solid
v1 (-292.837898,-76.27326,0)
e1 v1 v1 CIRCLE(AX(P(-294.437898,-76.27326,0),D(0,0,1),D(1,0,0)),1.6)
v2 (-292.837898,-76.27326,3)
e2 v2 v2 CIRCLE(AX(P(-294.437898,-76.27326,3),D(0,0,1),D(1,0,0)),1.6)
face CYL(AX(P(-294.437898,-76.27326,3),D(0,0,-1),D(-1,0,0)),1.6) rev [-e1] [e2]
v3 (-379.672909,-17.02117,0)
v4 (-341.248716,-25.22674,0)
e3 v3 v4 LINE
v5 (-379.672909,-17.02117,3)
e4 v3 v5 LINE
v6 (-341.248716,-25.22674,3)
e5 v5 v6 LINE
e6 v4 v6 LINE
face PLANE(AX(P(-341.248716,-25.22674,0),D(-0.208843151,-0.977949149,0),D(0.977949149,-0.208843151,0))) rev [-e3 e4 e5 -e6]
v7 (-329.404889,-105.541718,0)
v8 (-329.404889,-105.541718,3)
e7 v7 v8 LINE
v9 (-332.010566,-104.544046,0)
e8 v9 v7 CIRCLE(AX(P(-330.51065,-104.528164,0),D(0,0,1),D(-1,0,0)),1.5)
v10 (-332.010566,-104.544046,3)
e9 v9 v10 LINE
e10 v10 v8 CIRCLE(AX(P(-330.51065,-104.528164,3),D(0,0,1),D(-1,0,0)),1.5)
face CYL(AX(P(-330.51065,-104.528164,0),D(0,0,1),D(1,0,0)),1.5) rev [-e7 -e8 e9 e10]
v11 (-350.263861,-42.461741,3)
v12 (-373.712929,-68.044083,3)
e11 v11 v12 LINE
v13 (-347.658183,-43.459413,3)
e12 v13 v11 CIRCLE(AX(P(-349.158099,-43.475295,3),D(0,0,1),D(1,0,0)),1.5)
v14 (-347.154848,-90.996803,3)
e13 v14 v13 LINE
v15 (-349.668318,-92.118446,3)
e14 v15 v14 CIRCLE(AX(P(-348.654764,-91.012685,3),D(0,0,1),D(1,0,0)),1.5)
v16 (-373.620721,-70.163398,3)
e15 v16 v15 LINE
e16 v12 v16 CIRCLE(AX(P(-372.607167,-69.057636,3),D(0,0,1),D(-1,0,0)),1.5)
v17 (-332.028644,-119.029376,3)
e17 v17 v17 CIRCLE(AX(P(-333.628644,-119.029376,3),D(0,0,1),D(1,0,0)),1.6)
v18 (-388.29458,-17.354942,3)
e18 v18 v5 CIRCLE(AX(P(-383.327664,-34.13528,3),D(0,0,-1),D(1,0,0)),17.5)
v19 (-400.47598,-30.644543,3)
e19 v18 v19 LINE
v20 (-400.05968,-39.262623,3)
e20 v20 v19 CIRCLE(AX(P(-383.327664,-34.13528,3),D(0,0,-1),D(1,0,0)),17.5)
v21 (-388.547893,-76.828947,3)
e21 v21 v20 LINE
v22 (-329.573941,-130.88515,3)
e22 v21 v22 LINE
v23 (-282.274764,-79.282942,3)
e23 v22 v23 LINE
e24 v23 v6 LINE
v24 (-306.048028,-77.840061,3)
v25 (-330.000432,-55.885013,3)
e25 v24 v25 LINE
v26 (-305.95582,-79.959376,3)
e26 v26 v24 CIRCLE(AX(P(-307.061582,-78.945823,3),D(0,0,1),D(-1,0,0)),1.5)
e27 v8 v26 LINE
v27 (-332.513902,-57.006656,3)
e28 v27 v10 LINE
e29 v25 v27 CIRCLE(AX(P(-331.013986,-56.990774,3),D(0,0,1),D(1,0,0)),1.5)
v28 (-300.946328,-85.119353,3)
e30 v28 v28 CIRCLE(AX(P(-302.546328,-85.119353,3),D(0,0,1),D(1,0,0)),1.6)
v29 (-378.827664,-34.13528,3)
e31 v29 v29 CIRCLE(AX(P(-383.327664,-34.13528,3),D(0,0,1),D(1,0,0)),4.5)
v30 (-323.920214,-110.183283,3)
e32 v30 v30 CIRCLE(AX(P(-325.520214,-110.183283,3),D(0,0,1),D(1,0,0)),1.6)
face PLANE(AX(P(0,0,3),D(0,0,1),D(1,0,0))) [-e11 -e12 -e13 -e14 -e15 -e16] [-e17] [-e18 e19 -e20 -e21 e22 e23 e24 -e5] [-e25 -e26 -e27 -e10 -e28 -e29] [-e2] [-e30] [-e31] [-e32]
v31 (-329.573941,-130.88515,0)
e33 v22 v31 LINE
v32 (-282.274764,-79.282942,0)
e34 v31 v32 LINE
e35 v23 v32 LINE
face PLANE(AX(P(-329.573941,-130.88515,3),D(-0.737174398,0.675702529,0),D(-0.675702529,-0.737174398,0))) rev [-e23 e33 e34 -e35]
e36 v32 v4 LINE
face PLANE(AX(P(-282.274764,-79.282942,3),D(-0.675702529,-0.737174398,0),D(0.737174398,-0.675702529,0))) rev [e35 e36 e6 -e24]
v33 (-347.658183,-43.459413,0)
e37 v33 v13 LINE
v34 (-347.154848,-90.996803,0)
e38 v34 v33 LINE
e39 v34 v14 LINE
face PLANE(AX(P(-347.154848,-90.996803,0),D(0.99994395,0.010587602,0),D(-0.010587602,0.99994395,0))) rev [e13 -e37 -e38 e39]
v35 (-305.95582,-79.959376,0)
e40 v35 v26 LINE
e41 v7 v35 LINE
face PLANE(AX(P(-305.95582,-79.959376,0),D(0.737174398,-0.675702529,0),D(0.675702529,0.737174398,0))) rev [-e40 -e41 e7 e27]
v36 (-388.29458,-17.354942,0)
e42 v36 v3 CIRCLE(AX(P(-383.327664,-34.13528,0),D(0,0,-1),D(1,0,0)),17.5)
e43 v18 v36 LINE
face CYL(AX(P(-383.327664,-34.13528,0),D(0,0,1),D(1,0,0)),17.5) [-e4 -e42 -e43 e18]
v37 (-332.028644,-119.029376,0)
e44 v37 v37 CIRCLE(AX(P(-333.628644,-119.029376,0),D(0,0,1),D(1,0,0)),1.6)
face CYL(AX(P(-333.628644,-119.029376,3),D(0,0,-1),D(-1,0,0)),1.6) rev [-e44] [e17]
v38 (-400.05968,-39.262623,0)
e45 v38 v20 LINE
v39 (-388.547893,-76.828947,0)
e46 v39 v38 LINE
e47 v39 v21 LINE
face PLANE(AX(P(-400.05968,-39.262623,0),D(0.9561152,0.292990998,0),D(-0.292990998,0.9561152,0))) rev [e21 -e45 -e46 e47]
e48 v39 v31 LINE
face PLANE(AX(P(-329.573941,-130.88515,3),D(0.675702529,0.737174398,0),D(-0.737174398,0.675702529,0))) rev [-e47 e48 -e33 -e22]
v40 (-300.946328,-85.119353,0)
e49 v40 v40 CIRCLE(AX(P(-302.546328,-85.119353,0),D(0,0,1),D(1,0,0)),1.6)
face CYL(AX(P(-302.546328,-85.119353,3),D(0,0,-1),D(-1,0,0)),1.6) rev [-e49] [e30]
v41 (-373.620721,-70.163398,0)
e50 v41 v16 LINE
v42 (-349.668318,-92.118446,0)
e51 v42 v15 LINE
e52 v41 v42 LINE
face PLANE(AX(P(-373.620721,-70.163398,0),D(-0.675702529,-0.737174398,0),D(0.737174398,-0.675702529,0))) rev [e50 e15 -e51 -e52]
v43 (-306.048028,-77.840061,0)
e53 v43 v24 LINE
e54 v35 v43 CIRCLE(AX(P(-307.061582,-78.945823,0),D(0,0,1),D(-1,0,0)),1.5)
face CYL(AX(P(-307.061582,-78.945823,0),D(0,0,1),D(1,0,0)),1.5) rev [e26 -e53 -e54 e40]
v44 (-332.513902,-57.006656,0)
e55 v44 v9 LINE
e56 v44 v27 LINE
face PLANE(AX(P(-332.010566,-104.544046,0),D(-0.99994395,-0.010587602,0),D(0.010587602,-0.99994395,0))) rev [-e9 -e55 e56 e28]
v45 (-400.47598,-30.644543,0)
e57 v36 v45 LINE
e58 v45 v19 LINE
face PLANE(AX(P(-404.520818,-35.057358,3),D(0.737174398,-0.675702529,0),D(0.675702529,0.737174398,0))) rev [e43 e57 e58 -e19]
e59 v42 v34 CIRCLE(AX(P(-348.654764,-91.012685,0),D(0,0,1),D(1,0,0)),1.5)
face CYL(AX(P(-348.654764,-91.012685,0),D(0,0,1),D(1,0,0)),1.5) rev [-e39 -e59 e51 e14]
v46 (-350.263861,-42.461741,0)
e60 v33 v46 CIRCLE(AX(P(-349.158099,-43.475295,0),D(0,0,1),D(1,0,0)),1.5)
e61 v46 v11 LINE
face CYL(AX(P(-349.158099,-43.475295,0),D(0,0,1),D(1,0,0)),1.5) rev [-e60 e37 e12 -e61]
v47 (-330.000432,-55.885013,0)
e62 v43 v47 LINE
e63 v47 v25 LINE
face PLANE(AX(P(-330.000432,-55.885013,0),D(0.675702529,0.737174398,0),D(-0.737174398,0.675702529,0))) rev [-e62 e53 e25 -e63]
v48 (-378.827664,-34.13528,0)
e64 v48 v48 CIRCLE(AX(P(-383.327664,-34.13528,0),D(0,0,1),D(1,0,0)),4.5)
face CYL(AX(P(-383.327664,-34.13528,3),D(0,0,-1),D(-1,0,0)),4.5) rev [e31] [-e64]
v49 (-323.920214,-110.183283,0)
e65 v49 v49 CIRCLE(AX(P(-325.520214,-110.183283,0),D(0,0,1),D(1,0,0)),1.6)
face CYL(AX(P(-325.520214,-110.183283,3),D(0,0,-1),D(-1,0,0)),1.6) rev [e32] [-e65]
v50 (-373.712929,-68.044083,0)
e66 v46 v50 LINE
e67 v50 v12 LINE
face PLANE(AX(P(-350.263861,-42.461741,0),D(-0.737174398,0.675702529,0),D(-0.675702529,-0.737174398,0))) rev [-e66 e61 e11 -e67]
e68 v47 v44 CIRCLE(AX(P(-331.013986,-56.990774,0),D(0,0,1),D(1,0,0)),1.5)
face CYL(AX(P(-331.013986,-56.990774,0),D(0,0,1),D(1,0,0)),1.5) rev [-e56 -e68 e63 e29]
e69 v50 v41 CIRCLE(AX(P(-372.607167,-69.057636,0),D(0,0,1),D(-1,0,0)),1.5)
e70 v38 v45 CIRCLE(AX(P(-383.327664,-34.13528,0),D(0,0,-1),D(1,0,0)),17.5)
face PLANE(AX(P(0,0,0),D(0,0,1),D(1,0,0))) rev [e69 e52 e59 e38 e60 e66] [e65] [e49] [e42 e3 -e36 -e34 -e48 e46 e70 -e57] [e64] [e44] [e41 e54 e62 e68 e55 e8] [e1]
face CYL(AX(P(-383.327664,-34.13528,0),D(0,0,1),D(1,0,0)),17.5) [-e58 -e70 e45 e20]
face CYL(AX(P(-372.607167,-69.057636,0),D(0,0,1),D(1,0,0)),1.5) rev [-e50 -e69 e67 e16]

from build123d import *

# Parameters (mm, degrees)
SKETCH_1_R         = 4.5
SKETCH_1_R_2       = 1.6
EXTRUDE_1_DEPTH    = 3
CUT_EXTRUDE1_DEPTH = 3


with BuildPart() as part:
    # 草图1 → 凸台-拉伸1 (new body)
    with BuildSketch(Plane.XY):
        Polygon((-329.573940975, -130.885149725), (-282.274763971, -79.282941877), (-355.992203754, -11.712689014), (-384.249742283, -12.942126399), (-404.520818142, -35.057358334), (-403.291380758, -63.314896863), align=None)
        with Locations((-383.327664245, -34.135280295)):
            Circle(SKETCH_1_R, mode=Mode.SUBTRACT)
        with Locations((-333.628644179, -119.029375523)):
            Circle(SKETCH_1_R_2, mode=Mode.SUBTRACT)
        with Locations((-325.520213836, -110.183282749)):
            Circle(SKETCH_1_R_2, mode=Mode.SUBTRACT)
        with Locations((-302.546327862, -85.119353223)):
            Circle(SKETCH_1_R_2, mode=Mode.SUBTRACT)
        with Locations((-294.437897519, -76.273260449)):
            Circle(SKETCH_1_R_2, mode=Mode.SUBTRACT)
    extrude(amount=EXTRUDE_1_DEPTH)

    # Sketch1 → Cut-Extrude1 (cut)
    with BuildSketch(Plane.XY.offset(3)):
        with BuildLine():
            Line((-400.059680241, -39.262622756), (-388.547892801, -76.828947435))
            Line((-388.547892801, -76.828947435), (-464.128258323, -22.526868134))
            Line((-464.128258323, -22.526868134), (-423.376063206, 22.684533744))
            Line((-423.376063206, 22.684533744), (-334.935129122, 6.829576373))
            Line((-334.935129122, 6.829576373), (-341.248715798, -25.226739587))
            Line((-341.248715798, -25.226739587), (-379.672909098, -17.021170187))
            ThreePointArc((-379.672909098, -17.021170187), (-396.228216207, -22.310486045), (-400.059680241, -39.262622756))
        make_face()
        with BuildLine():
            Line((-373.620721286, -70.163397904), (-349.668317732, -92.118446391))
            ThreePointArc((-349.668317732, -92.118446391), (-348.043488399, -92.382481208), (-347.154848014, -90.996803392))
            Line((-347.154848014, -90.996803392), (-347.658183177, -43.459413358))
            ThreePointArc((-347.658183177, -43.459413358), (-348.621743848, -42.074465348), (-350.263860698, -42.461740967))
            Line((-350.263860698, -42.461740967), (-373.71292909, -68.044082514))
            ThreePointArc((-373.71292909, -68.044082514), (-374.105749776, -69.12283707), (-373.620721286, -70.163397904))
        make_face()
        with BuildLine():
            Line((-330.000431814, -55.885012577), (-306.04802826, -77.840061064))
            ThreePointArc((-306.04802826, -77.840061064), (-305.56299977, -78.880621898), (-305.955820457, -79.959376454))
            Line((-305.955820457, -79.959376454), (-329.404888848, -105.541718001))
            ThreePointArc((-329.404888848, -105.541718001), (-331.047005699, -105.92899362), (-332.010566369, -104.544045611))
            Line((-332.010566369, -104.544045611), (-332.513901532, -57.006655576))
            ThreePointArc((-332.513901532, -57.006655576), (-331.625261147, -55.62097776), (-330.000431814, -55.885012577))
        make_face()
    extrude(amount=-CUT_EXTRUDE1_DEPTH, mode=Mode.SUBTRACT)


solid = part.part
